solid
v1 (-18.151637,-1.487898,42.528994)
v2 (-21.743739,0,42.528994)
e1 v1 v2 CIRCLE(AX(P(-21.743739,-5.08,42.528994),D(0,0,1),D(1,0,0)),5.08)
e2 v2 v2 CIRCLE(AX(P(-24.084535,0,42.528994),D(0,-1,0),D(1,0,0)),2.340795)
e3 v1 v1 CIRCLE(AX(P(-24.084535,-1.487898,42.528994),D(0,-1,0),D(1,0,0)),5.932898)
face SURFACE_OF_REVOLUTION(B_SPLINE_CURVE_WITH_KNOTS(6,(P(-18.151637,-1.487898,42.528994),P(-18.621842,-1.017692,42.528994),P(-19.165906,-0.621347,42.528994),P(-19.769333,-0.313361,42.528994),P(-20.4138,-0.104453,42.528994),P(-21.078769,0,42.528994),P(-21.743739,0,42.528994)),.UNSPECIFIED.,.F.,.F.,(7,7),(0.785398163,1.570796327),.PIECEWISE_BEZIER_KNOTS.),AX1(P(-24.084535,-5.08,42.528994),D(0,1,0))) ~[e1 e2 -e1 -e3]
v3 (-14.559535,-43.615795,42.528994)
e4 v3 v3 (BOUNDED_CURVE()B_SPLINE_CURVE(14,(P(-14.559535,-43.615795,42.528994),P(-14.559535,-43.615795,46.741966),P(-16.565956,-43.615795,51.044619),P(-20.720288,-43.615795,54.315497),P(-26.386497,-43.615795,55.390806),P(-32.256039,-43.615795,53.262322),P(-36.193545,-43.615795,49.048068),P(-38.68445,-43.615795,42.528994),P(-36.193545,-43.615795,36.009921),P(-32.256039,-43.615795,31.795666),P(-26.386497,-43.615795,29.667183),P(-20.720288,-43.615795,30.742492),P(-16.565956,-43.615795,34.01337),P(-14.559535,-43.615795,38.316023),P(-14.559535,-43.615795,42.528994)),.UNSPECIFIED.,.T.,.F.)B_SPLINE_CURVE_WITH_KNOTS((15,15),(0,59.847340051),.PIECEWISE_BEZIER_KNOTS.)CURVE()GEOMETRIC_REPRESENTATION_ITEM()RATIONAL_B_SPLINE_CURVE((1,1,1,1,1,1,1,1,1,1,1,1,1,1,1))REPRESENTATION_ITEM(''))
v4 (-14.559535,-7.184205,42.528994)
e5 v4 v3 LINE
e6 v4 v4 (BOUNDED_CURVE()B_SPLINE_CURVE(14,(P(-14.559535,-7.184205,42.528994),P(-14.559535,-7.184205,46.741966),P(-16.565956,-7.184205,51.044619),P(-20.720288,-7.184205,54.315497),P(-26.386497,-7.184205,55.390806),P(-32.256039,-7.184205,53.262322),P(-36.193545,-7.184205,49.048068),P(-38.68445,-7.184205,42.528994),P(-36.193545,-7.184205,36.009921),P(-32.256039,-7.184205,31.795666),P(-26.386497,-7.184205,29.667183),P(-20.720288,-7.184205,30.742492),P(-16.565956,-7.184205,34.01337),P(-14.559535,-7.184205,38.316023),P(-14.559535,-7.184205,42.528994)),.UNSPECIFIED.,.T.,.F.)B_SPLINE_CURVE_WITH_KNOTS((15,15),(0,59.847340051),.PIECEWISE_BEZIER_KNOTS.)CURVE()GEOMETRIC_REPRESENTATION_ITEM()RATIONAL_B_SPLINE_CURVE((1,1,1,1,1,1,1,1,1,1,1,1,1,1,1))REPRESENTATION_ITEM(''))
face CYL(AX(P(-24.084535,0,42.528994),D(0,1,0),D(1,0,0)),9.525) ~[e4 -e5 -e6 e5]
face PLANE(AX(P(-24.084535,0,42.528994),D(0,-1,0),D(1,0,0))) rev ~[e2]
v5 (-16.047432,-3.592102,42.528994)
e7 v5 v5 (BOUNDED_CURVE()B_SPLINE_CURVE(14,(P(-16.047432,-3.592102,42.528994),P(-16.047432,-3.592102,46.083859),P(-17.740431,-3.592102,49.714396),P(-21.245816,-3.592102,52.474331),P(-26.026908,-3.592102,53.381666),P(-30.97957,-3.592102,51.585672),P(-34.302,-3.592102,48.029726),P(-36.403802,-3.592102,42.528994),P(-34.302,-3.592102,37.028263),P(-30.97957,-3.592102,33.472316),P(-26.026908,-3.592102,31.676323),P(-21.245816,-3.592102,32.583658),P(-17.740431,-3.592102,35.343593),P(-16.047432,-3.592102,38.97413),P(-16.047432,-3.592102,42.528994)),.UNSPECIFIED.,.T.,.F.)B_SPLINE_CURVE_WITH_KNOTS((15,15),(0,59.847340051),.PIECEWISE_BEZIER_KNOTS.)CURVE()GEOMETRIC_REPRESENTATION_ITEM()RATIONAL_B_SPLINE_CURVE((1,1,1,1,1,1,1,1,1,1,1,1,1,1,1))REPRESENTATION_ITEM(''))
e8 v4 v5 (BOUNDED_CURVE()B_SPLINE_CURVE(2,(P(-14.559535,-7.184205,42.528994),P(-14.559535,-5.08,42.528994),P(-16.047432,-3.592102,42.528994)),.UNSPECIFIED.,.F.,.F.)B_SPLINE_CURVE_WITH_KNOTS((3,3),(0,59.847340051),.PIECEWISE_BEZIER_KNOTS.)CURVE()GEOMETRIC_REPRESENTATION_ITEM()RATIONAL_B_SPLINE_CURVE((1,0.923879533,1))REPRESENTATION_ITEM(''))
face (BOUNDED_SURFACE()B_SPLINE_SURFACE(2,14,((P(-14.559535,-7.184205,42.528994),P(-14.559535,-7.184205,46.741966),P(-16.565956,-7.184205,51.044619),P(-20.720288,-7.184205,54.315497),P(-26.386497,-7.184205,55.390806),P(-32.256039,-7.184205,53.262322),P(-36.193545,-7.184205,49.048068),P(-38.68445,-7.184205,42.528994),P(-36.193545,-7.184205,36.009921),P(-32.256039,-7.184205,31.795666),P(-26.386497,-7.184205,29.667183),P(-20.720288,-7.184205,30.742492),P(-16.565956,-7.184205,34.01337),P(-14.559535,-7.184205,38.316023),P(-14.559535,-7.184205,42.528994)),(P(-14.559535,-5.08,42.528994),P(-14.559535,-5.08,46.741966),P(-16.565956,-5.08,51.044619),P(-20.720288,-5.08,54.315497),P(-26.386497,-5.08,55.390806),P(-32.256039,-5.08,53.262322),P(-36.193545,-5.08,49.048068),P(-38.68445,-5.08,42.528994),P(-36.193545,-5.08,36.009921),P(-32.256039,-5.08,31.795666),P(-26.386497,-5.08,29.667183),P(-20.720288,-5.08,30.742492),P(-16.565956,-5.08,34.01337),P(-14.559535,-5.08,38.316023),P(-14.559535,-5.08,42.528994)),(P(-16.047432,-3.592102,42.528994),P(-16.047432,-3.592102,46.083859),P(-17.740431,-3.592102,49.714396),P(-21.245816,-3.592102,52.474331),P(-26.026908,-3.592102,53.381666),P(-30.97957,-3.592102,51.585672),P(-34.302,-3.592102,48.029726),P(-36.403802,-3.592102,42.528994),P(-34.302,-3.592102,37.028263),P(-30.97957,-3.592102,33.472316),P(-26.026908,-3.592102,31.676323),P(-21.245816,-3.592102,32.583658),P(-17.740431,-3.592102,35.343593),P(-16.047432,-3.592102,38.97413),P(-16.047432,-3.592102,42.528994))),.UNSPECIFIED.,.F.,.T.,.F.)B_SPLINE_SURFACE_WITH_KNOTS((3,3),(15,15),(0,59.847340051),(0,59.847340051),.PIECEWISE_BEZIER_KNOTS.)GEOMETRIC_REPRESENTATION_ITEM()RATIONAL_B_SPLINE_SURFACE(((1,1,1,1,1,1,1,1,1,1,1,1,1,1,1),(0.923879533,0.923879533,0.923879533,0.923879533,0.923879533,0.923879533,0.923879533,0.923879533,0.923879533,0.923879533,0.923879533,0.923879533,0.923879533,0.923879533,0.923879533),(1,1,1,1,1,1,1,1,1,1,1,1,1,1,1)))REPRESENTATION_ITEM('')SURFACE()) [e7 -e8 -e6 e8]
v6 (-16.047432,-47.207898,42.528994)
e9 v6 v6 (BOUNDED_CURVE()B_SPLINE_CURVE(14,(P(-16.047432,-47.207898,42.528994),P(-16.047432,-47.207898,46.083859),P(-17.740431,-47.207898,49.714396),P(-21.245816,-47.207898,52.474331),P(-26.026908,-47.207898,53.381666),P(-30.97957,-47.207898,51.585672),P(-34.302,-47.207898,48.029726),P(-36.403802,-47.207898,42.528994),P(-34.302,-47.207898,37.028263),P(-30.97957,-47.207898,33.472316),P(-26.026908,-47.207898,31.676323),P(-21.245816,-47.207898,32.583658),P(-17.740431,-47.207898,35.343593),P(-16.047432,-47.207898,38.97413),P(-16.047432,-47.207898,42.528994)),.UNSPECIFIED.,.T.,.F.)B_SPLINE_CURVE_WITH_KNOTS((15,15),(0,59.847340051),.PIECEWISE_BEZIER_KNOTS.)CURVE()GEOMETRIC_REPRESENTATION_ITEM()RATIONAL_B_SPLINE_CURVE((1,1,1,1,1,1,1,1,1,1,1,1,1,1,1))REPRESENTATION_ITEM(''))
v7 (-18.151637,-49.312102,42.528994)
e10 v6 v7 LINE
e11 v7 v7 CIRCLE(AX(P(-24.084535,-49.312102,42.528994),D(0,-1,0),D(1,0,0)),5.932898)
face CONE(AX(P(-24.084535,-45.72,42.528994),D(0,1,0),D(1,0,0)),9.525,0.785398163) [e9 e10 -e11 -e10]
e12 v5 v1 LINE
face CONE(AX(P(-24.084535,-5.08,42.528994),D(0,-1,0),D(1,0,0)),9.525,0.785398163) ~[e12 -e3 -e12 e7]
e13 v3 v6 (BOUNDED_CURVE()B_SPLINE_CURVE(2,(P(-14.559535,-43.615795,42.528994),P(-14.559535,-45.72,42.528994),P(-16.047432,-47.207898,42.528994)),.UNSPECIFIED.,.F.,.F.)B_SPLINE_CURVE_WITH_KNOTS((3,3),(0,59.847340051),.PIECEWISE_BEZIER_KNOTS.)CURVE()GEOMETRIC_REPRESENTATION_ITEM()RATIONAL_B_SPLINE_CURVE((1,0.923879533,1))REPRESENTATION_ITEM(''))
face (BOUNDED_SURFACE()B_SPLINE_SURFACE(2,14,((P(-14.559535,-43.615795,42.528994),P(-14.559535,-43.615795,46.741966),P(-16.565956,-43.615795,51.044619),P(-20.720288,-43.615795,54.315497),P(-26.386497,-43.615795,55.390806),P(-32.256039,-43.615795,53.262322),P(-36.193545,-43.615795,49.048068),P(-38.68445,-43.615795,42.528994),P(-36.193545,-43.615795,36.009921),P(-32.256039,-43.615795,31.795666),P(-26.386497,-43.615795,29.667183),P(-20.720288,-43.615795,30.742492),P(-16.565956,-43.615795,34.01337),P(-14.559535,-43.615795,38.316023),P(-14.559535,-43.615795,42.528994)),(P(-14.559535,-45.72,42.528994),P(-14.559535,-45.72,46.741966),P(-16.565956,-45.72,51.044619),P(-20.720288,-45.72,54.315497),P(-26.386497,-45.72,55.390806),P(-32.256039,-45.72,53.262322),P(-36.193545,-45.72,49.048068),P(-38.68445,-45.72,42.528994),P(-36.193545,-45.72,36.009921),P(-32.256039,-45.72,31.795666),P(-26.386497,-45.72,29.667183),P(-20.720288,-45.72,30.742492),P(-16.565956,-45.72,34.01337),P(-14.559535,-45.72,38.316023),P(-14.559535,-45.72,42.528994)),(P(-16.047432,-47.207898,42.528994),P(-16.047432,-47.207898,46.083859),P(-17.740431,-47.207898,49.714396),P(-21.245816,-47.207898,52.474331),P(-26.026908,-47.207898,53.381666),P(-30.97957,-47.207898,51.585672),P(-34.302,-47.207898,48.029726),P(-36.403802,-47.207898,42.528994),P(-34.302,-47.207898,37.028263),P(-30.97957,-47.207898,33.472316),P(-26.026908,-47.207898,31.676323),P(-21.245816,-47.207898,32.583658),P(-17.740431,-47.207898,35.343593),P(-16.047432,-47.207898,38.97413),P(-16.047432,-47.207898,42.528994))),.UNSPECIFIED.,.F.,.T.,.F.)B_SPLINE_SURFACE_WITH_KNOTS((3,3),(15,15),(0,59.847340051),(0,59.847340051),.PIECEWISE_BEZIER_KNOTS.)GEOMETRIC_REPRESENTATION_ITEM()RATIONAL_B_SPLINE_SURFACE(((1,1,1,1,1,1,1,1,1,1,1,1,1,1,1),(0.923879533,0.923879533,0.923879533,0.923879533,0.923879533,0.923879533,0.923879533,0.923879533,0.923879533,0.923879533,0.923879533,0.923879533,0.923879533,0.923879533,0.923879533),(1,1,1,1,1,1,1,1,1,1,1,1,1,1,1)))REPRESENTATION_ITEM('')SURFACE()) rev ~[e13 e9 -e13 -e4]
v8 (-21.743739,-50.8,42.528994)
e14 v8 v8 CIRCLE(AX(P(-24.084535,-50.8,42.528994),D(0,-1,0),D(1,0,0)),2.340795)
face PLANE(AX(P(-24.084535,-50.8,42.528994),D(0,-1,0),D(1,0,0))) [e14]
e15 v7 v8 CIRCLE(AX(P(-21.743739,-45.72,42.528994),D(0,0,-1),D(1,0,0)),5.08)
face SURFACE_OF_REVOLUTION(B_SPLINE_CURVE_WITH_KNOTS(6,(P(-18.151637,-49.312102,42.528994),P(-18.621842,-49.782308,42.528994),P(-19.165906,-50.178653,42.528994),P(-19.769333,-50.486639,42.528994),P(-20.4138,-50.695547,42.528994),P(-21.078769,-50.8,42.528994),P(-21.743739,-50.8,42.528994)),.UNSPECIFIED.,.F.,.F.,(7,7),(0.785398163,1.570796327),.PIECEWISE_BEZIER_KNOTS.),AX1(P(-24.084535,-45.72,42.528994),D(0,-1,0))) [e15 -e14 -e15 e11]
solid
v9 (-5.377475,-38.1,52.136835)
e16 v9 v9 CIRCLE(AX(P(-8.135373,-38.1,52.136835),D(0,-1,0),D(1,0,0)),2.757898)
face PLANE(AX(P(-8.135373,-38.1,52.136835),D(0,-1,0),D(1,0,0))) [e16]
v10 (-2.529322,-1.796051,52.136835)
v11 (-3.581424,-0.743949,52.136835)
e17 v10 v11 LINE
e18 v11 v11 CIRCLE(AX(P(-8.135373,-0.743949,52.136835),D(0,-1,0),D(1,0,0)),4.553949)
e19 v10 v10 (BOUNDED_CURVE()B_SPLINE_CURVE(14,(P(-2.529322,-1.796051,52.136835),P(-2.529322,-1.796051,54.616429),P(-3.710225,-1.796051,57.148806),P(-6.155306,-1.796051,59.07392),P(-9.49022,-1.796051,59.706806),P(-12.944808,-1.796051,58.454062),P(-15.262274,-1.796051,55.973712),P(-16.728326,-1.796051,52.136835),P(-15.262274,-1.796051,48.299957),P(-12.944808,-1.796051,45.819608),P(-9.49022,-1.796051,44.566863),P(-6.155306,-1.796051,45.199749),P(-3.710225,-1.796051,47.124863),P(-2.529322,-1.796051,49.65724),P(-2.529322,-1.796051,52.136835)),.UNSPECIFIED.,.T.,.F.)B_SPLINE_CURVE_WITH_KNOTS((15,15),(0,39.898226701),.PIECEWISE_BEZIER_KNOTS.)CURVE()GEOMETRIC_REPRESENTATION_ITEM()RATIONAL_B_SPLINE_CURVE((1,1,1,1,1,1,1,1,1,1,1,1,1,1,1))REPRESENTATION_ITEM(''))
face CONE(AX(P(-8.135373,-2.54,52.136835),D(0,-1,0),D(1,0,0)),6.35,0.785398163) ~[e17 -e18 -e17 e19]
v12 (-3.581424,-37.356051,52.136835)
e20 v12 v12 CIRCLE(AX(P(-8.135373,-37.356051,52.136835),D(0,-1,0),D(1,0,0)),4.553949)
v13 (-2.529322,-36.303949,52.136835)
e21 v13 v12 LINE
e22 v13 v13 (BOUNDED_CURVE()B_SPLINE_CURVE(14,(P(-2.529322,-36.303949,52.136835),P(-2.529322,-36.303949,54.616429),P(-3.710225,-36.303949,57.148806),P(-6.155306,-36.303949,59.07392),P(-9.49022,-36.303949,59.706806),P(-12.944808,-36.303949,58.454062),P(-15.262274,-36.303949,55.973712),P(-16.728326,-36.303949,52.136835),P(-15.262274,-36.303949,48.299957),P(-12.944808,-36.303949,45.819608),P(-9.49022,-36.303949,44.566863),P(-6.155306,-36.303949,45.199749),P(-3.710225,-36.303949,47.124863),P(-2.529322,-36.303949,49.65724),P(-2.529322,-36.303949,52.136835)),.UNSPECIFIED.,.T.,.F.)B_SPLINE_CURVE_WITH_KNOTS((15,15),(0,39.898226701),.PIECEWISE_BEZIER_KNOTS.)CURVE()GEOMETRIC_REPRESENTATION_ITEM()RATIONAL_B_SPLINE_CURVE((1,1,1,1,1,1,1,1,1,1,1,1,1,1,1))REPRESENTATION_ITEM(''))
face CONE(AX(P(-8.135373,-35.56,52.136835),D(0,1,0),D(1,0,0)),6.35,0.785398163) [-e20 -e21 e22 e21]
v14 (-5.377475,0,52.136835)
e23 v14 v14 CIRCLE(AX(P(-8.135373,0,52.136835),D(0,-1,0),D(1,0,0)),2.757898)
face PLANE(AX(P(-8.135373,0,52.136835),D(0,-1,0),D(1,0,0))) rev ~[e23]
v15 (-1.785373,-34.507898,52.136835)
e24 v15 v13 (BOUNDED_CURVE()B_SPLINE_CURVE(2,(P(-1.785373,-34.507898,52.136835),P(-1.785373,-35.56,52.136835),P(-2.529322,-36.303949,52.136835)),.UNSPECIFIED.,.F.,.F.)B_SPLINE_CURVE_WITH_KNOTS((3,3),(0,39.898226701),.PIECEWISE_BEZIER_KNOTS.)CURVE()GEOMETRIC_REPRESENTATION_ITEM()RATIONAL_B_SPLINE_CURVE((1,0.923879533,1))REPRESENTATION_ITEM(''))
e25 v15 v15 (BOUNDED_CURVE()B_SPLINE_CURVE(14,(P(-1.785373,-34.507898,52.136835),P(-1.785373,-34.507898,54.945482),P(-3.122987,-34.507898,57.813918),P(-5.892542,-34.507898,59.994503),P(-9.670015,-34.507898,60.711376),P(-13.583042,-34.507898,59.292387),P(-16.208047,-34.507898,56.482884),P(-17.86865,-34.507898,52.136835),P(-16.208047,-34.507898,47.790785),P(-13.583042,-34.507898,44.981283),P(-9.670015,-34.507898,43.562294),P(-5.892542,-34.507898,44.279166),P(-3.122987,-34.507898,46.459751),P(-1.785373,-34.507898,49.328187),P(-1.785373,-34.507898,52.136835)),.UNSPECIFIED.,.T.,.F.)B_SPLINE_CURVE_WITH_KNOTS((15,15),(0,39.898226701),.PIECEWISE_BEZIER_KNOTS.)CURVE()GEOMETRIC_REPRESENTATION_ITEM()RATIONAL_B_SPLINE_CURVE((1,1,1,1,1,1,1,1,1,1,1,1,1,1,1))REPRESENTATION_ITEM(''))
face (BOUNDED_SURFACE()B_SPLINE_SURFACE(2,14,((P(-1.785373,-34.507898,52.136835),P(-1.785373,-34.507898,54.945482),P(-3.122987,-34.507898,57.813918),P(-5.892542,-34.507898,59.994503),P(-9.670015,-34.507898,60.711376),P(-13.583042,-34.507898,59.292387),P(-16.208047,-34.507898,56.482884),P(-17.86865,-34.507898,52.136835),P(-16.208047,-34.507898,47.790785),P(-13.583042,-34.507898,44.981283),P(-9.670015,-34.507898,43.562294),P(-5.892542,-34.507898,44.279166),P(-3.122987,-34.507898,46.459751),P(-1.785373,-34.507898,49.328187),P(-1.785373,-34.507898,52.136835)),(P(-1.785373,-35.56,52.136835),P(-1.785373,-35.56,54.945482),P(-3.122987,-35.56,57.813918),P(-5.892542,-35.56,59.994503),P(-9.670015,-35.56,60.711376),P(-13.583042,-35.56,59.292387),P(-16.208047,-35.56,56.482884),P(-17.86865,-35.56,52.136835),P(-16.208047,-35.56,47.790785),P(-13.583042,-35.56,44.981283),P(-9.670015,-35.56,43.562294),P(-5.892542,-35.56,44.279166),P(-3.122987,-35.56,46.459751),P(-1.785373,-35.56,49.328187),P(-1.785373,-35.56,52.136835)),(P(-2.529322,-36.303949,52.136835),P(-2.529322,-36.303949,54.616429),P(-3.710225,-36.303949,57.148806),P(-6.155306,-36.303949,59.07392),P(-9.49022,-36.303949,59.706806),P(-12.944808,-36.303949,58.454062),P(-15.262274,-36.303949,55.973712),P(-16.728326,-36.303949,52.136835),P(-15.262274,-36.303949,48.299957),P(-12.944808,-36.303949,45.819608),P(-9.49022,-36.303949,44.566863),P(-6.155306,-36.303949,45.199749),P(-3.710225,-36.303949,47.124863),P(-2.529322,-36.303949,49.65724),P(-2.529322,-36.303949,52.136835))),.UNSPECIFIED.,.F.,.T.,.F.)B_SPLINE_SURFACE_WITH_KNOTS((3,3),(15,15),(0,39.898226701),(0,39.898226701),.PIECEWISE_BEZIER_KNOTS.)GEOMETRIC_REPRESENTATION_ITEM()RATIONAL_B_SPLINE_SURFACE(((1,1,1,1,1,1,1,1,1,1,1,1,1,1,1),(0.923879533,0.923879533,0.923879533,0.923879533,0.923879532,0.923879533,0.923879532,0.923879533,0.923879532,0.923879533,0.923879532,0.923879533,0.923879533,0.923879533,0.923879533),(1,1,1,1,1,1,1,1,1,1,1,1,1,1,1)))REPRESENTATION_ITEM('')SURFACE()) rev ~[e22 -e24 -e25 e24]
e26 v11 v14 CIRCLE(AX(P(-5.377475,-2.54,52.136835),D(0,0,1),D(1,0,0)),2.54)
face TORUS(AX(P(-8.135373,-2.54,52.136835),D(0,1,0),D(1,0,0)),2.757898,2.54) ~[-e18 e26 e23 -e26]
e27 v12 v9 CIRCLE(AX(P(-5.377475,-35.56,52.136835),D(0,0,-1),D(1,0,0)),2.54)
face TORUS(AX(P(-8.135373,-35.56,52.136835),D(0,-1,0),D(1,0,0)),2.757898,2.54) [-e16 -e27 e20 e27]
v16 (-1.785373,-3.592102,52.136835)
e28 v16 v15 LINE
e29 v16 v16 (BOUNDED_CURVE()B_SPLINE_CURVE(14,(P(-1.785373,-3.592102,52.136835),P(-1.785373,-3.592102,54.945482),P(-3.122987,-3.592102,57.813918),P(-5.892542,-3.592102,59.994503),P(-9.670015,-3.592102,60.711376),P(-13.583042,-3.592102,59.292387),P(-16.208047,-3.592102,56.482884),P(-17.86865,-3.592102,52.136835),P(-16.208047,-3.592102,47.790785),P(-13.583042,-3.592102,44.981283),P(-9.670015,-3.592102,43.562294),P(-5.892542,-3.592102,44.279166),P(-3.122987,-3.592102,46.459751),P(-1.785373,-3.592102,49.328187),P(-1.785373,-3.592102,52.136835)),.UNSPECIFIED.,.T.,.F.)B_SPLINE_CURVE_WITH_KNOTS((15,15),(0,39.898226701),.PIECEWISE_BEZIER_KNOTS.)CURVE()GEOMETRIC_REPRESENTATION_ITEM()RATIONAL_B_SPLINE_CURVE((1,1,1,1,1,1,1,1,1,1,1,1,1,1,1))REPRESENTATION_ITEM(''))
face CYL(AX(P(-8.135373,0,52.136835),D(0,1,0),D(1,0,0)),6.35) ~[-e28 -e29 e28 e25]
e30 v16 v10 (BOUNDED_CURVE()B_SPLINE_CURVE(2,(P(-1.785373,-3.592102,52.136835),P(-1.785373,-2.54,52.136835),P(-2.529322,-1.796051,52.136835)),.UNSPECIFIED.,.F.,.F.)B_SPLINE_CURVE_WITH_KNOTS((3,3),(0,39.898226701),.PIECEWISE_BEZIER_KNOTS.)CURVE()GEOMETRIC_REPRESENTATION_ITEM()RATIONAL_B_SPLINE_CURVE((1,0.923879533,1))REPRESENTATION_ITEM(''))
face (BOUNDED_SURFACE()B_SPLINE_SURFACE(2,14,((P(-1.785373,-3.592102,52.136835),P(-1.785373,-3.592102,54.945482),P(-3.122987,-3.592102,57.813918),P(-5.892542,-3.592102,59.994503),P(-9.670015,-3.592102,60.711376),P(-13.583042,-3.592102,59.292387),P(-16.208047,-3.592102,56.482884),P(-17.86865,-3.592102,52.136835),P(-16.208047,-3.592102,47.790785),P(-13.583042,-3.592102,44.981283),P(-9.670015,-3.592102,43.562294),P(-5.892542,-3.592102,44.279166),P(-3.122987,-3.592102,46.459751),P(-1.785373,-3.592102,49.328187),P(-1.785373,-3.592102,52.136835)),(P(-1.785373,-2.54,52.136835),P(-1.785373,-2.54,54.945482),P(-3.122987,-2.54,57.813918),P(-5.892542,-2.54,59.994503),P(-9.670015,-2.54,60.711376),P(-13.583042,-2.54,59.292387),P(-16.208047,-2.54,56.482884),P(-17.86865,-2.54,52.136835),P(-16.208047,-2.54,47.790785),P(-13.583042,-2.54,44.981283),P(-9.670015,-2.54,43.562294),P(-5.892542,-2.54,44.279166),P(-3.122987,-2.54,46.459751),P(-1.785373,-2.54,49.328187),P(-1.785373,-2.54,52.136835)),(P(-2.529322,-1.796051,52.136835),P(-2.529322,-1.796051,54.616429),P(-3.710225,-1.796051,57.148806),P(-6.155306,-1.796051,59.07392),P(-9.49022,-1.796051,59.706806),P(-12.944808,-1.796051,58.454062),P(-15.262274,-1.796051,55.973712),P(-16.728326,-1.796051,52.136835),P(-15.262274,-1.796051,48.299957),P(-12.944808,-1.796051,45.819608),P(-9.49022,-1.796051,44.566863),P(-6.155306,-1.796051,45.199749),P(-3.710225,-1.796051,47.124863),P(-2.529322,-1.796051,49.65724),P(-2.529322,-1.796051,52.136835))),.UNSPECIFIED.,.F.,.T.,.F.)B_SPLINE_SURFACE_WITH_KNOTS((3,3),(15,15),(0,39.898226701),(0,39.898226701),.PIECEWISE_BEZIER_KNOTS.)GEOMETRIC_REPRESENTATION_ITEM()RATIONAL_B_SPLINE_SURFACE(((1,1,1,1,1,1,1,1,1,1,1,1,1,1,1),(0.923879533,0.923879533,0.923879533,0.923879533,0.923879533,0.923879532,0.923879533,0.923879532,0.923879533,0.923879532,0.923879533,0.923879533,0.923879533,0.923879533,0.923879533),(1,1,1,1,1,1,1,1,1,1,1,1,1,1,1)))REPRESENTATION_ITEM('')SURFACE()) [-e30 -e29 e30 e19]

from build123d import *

# Parameters (mm, degrees)
F0_R     = 9.525
F1_DEPTH = 50.8
F2_SIZE  = 5.08
F3_R     = 5.08
F0_R_2   = 6.35
F4_DEPTH = 38.1
F5_SIZE  = 2.54
F6_R     = 2.54


with BuildPart() as f1:
    # F0 (on Front) → F1 (new body)
    with BuildSketch(Plane.XZ):
        with Locations((-24.0845345118, 42.5289943814)):
            Circle(F0_R)
    extrude(amount=F1_DEPTH)

    # F2
    f2_edges = [f1.edges().sort_by_distance(p)[0] for p in [
        (-33.609535, -50.8, 42.528994),
        (-33.609535, 0, 42.528994),
    ]]
    chamfer(f2_edges, length=F2_SIZE)

    # F3
    f3_edges = [f1.edges().sort_by_distance(p)[0] for p in [
        (-28.529535, -50.8, 42.528994),
        (-33.609535, -45.72, 42.528994),
        (-28.529535, 0, 42.528994),
        (-33.609535, -5.08, 42.528994),
    ]]
    fillet(f3_edges, radius=F3_R)


with BuildPart() as f4:
    # F0 (on Front) → F4 (new body)
    with BuildSketch(Plane.XZ):
        with Locations((-8.1353727403, 52.1368345658)):
            Circle(F0_R_2)
    extrude(amount=F4_DEPTH)

    # F5
    f5_edges = [f4.edges().sort_by_distance(p)[0] for p in [
        (-14.485373, 0, 52.136835),
        (-14.485373, -38.1, 52.136835),
    ]]
    chamfer(f5_edges, length=F5_SIZE)

    # F6
    f6_edges = [f4.edges().sort_by_distance(p)[0] for p in [
        (-11.945373, -38.1, 52.136835),
        (-3.055373, -36.83, 52.136835),
        (-14.485373, -35.56, 52.136835),
        (-14.485373, -2.54, 52.136835),
        (-11.945373, 0, 52.136835),
    ]]
    fillet(f6_edges, radius=F6_R)


solid = Compound([f1.part, f4.part])
